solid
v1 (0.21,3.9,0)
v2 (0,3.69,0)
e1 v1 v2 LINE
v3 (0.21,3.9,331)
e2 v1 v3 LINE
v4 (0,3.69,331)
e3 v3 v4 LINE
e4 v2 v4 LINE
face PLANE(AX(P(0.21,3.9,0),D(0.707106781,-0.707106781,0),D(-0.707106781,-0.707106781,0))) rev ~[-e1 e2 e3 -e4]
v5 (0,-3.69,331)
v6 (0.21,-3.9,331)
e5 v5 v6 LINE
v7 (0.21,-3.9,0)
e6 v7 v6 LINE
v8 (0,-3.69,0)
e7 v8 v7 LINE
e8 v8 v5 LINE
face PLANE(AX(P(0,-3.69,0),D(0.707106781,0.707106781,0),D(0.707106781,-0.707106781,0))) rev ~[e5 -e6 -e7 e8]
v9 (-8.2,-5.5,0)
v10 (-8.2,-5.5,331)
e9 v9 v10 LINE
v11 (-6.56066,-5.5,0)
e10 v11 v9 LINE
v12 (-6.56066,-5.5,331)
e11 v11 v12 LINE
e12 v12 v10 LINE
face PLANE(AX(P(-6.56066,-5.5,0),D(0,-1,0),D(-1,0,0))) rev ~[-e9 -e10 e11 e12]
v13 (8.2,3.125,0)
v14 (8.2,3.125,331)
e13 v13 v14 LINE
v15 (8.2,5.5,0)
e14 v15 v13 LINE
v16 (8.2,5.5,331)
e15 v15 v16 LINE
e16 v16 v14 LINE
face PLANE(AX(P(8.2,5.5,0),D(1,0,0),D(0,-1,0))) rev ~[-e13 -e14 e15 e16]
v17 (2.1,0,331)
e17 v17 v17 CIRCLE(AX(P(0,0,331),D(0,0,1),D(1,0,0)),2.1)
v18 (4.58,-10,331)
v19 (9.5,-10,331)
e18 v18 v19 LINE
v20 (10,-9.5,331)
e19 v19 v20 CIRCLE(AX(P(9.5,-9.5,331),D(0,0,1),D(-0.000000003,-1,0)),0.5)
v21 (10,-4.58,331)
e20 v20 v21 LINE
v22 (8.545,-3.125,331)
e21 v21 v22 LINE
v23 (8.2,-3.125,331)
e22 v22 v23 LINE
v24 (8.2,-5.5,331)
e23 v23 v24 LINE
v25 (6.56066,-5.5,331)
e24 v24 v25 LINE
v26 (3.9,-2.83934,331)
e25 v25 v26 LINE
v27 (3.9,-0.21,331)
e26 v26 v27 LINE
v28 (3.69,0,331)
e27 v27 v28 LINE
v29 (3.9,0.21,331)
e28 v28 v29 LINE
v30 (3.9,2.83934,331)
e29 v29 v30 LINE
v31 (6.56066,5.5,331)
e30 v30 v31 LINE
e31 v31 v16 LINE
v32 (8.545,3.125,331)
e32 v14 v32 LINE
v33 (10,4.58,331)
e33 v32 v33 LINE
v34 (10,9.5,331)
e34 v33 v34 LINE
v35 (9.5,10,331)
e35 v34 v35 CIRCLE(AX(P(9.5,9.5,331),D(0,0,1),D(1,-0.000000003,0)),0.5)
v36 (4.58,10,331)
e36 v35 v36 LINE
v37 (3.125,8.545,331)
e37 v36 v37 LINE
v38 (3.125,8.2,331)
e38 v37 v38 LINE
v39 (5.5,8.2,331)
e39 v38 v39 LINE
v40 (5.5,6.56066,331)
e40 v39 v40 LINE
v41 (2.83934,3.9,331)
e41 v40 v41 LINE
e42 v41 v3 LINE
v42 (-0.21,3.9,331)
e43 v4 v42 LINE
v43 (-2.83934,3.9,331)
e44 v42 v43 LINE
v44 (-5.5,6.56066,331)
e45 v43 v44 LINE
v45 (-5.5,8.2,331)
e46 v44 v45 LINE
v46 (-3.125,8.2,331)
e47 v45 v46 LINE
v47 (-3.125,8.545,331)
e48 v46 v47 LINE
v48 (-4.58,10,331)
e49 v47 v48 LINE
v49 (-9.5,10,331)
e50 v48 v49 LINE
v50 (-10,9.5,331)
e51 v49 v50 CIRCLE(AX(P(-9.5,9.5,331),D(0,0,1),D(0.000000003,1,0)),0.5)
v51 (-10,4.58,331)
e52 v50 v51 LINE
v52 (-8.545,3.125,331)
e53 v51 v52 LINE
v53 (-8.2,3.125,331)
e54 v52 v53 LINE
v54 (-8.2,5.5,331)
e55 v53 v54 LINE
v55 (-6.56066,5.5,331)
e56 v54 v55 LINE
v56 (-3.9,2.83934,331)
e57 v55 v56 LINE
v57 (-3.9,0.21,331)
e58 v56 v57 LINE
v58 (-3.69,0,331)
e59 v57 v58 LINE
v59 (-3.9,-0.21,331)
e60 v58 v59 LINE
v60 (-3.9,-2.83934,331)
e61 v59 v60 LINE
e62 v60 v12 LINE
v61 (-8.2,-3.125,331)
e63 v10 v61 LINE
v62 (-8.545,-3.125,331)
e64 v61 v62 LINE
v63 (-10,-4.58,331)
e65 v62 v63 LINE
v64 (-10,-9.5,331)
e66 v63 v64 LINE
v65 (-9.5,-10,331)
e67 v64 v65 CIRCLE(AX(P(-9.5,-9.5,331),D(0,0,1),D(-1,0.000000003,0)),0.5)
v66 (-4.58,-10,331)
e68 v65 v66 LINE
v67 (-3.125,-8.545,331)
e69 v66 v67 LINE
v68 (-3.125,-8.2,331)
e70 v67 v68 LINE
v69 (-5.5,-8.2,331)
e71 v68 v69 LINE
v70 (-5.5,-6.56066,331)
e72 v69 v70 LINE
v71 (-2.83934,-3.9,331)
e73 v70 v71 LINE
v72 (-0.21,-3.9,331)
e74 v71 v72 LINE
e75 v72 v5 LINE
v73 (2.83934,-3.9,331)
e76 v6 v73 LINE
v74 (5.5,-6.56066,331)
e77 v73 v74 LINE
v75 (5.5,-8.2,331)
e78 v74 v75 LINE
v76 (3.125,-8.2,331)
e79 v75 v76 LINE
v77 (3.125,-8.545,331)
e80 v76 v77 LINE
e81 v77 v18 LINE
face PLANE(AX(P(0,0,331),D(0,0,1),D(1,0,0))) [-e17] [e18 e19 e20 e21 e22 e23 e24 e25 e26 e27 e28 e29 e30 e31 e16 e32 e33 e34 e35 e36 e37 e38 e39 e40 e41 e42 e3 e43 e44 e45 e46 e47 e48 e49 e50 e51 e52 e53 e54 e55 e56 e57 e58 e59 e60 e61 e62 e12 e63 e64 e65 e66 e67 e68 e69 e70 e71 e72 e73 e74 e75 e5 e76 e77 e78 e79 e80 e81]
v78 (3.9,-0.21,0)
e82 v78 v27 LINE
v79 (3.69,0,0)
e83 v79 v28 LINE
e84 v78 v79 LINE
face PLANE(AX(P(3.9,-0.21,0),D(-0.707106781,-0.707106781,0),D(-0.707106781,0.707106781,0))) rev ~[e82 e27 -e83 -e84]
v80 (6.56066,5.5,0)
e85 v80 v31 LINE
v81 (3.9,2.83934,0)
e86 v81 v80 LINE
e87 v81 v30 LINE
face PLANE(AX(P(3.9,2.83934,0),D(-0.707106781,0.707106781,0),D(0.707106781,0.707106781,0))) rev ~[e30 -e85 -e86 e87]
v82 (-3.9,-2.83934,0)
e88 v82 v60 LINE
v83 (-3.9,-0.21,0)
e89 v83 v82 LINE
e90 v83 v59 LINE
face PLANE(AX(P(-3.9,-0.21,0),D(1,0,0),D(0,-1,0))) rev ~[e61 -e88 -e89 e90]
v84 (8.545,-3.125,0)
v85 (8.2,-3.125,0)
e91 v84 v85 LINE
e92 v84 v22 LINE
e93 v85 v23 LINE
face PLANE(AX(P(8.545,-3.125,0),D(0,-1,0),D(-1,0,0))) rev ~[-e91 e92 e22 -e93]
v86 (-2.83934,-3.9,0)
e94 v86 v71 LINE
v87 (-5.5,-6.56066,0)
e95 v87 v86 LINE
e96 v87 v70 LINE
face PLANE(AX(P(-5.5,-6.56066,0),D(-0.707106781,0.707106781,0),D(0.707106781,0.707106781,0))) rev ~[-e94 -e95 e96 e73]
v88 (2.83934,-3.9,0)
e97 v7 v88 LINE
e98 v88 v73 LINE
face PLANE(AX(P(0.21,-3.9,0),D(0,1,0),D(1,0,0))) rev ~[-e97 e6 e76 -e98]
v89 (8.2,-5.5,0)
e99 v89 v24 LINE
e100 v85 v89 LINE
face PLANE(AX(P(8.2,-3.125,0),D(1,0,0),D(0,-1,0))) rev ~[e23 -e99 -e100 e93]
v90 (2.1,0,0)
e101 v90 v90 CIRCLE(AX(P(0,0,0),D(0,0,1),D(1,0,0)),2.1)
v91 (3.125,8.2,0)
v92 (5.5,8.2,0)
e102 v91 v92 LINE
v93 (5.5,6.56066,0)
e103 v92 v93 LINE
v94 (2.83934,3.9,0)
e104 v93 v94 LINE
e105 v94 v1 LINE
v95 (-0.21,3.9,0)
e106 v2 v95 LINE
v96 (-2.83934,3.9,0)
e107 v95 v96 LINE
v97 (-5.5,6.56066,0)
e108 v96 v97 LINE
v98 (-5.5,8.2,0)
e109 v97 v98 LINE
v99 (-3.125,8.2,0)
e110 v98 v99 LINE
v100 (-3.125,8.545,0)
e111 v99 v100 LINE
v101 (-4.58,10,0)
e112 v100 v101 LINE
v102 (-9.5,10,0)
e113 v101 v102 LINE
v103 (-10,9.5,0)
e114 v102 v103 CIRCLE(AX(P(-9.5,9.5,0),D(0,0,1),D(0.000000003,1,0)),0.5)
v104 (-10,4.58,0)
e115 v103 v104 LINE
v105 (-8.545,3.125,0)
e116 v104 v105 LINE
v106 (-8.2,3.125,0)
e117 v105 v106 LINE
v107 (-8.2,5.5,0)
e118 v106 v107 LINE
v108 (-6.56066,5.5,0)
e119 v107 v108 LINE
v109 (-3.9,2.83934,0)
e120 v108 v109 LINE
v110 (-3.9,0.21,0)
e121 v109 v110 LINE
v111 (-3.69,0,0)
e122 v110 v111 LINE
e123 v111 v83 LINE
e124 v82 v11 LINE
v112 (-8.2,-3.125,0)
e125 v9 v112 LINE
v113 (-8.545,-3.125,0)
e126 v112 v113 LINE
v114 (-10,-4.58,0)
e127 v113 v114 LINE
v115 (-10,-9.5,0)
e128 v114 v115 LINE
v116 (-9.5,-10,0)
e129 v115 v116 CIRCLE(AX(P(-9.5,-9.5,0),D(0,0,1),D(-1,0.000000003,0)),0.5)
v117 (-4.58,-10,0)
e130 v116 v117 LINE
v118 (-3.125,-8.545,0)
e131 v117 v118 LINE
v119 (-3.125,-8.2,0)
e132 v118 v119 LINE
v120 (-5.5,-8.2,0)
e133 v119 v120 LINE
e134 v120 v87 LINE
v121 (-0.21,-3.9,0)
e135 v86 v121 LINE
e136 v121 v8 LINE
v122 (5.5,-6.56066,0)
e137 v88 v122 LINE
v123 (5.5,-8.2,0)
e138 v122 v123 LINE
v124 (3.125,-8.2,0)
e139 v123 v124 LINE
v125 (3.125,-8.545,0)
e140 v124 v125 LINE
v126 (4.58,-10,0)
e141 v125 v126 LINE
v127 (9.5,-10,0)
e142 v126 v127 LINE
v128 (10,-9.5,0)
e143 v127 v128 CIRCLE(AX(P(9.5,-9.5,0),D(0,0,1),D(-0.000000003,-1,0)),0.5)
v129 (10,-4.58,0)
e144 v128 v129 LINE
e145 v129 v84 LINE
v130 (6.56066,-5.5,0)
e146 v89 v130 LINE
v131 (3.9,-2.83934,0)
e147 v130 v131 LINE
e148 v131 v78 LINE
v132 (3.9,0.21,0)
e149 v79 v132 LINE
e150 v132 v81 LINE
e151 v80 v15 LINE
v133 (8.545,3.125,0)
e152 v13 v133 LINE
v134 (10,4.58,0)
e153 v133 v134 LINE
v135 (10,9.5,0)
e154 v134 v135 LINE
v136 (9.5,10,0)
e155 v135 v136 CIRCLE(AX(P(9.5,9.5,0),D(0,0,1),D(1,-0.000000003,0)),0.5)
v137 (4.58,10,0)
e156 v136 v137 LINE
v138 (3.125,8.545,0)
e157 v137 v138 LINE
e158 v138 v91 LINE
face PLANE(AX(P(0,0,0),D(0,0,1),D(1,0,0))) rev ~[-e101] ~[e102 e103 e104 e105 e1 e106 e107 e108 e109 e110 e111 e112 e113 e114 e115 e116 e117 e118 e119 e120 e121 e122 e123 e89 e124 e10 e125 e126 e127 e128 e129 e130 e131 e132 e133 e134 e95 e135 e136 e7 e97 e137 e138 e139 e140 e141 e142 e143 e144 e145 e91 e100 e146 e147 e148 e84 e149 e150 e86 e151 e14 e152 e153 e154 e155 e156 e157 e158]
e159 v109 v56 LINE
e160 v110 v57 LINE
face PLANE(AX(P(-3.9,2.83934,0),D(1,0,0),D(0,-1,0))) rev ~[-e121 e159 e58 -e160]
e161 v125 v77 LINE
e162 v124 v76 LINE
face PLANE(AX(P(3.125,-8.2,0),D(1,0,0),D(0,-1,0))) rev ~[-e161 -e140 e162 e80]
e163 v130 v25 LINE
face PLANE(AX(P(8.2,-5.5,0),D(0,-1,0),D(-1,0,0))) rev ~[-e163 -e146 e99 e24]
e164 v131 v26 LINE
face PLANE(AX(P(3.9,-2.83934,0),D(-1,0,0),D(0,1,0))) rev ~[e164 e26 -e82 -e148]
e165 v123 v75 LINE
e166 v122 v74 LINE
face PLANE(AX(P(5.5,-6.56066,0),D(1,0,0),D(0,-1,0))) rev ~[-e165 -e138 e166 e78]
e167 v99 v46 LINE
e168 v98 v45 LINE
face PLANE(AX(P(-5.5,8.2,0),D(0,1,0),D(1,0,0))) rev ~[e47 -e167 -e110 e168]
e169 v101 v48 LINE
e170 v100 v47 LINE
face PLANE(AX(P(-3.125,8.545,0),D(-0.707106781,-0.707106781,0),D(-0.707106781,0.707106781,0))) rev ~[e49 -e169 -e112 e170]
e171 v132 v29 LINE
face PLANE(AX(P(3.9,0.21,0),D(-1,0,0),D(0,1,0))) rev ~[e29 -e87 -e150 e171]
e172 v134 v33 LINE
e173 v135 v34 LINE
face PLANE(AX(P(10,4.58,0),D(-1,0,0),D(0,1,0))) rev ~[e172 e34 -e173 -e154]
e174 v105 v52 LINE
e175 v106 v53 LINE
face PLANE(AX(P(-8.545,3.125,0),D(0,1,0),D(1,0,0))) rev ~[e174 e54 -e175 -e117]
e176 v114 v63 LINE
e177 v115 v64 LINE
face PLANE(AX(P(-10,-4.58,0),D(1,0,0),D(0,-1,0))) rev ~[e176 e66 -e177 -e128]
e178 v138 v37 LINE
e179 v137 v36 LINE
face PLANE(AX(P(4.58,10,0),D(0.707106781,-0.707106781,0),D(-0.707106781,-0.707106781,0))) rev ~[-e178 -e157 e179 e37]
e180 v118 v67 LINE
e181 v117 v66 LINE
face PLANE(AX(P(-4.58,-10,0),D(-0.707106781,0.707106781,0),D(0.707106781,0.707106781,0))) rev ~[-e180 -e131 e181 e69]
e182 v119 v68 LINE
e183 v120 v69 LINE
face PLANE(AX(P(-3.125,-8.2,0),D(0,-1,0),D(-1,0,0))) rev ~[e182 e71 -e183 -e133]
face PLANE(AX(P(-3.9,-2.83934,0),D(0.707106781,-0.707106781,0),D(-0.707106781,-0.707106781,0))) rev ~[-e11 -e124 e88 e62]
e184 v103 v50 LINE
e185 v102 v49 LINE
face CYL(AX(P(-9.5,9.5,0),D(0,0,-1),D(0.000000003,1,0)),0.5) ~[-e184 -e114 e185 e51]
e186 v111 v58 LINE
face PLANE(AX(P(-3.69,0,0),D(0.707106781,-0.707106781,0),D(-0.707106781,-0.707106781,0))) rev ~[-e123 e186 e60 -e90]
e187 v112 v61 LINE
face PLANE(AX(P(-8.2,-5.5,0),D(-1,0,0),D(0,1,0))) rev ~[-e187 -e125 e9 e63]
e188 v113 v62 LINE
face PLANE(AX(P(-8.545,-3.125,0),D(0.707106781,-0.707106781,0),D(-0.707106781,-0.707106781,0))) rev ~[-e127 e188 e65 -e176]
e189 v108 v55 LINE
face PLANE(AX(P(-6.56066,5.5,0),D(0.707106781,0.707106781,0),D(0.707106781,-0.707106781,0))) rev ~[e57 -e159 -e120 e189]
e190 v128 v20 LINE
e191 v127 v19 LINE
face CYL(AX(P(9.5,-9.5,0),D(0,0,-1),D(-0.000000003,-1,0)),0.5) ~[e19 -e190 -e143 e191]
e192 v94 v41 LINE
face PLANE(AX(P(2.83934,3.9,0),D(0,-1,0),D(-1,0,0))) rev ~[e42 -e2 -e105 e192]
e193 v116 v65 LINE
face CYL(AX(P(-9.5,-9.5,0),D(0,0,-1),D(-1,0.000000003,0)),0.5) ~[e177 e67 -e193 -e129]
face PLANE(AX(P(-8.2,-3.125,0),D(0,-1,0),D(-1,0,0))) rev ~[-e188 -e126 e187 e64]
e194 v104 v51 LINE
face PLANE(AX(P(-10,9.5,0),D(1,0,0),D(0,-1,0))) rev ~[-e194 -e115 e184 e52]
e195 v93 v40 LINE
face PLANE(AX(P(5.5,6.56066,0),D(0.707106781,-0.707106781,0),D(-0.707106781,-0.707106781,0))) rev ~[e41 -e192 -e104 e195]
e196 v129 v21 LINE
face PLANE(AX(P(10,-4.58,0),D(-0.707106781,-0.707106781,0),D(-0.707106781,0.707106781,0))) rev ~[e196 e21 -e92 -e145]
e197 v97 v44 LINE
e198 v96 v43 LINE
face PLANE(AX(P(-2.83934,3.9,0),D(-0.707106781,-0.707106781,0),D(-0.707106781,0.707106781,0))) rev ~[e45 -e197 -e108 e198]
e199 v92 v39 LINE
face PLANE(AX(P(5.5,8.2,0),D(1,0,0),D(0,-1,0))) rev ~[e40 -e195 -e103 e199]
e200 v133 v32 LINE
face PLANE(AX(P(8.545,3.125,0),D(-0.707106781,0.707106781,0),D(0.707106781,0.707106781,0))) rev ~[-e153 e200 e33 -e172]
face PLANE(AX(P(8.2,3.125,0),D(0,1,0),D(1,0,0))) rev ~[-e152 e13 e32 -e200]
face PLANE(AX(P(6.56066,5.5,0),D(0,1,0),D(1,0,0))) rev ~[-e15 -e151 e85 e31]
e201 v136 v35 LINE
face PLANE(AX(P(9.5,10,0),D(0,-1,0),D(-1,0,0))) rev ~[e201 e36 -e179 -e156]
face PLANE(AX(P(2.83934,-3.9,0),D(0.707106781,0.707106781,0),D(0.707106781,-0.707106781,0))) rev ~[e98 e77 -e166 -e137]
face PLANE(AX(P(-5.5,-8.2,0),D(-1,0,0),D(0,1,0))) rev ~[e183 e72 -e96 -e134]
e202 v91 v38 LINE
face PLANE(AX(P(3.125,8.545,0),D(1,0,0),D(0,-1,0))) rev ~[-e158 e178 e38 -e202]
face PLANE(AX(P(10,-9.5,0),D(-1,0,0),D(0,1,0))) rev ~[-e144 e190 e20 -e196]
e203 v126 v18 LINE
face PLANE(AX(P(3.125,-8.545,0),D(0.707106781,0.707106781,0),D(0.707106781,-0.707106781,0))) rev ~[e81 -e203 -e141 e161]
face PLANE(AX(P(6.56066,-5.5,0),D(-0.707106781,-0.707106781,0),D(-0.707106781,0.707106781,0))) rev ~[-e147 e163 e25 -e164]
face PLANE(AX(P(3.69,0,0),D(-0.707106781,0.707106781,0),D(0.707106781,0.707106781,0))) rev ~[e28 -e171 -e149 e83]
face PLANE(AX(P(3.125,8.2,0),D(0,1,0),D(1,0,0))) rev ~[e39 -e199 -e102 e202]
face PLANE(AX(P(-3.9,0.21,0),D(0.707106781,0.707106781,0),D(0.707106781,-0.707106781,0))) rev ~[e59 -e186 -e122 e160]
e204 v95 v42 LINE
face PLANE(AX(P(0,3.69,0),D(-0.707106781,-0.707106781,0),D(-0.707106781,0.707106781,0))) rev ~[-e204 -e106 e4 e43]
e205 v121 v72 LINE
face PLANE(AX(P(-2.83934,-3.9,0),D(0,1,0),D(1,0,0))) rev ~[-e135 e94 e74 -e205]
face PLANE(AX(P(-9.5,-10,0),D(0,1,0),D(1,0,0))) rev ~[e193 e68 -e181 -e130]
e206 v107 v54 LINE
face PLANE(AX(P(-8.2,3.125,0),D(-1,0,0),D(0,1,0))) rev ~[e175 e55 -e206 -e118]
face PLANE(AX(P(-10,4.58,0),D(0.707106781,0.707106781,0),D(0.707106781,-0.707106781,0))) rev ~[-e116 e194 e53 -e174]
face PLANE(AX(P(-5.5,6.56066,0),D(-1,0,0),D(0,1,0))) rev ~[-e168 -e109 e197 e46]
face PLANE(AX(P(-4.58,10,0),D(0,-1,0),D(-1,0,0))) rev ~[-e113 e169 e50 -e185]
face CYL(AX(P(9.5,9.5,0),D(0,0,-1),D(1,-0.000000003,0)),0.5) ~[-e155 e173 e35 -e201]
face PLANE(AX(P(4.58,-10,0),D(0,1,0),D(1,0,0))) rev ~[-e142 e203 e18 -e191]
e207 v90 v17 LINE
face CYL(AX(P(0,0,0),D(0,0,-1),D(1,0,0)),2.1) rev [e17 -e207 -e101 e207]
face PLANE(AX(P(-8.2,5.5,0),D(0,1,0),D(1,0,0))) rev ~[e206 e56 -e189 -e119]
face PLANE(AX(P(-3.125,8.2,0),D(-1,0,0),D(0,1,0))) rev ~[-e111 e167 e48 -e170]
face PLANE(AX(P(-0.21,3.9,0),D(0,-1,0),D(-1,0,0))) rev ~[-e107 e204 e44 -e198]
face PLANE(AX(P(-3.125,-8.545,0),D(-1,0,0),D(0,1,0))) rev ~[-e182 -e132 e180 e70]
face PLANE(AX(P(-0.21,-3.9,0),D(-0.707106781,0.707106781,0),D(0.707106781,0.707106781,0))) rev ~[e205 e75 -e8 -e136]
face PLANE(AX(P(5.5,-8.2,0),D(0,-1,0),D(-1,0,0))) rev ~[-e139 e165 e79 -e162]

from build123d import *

# Parameters (mm, degrees)
SKETCH1_R           = 2.1
BOSS_EXTRUDE1_DEPTH = 331


with BuildPart() as part:
    # Sketch1 → Boss-Extrude1 (new body)
    with BuildSketch(Plane.XY):
        with BuildLine():
            Line((4.58, -10), (9.5, -10))
            ThreePointArc((9.5, -10), (9.853553391, -9.853553391), (10, -9.5))
            Line((10, -9.5), (10, -4.58))
            Line((10, -4.58), (8.545, -3.125))
            Line((8.545, -3.125), (8.2, -3.125))
            Line((8.2, -3.125), (8.2, -5.5))
            Line((8.2, -5.5), (6.560660172, -5.5))
            Line((6.560660172, -5.5), (3.9, -2.839339828))
            Line((3.9, -2.839339828), (3.9, -0.21))
            Line((3.9, -0.21), (3.69, 0))
            Line((3.69, 0), (3.9, 0.21))
            Line((3.9, 0.21), (3.9, 2.839339828))
            Line((3.9, 2.839339828), (6.560660172, 5.5))
            Line((6.560660172, 5.5), (8.2, 5.5))
            Line((8.2, 5.5), (8.2, 3.125))
            Line((8.2, 3.125), (8.545, 3.125))
            Line((8.545, 3.125), (10, 4.58))
            Line((10, 4.58), (10, 9.5))
            ThreePointArc((10, 9.5), (9.853553391, 9.853553391), (9.5, 10))
            Line((9.5, 10), (4.58, 10))
            Line((4.58, 10), (3.125, 8.545))
            Line((3.125, 8.545), (3.125, 8.2))
            Line((3.125, 8.2), (5.5, 8.2))
            Line((5.5, 8.2), (5.5, 6.560660172))
            Line((5.5, 6.560660172), (2.839339828, 3.9))
            Line((2.839339828, 3.9), (0.21, 3.9))
            Line((0.21, 3.9), (0, 3.69))
            Line((0, 3.69), (-0.21, 3.9))
            Line((-0.21, 3.9), (-2.839339828, 3.9))
            Line((-2.839339828, 3.9), (-5.5, 6.560660172))
            Line((-5.5, 6.560660172), (-5.5, 8.2))
            Line((-5.5, 8.2), (-3.125, 8.2))
            Line((-3.125, 8.2), (-3.125, 8.545))
            Line((-3.125, 8.545), (-4.58, 10))
            Line((-4.58, 10), (-9.5, 10))
            ThreePointArc((-9.5, 10), (-9.853553391, 9.853553391), (-10, 9.5))
            Line((-10, 9.5), (-10, 4.58))
            Line((-10, 4.58), (-8.545, 3.125))
            Line((-8.545, 3.125), (-8.2, 3.125))
            Line((-8.2, 3.125), (-8.2, 5.5))
            Line((-8.2, 5.5), (-6.560660172, 5.5))
            Line((-6.560660172, 5.5), (-3.9, 2.839339828))
            Line((-3.9, 2.839339828), (-3.9, 0.21))
            Line((-3.9, 0.21), (-3.69, 0))
            Line((-3.69, 0), (-3.9, -0.21))
            Line((-3.9, -0.21), (-3.9, -2.839339828))
            Line((-3.9, -2.839339828), (-6.560660172, -5.5))
            Line((-6.560660172, -5.5), (-8.2, -5.5))
            Line((-8.2, -5.5), (-8.2, -3.125))
            Line((-8.2, -3.125), (-8.545, -3.125))
            Line((-8.545, -3.125), (-10, -4.58))
            Line((-10, -4.58), (-10, -9.5))
            ThreePointArc((-10, -9.5), (-9.853553391, -9.853553391), (-9.5, -10))
            Line((-9.5, -10), (-4.58, -10))
            Line((-4.58, -10), (-3.125, -8.545))
            Line((-3.125, -8.545), (-3.125, -8.2))
            Line((-3.125, -8.2), (-5.5, -8.2))
            Line((-5.5, -8.2), (-5.5, -6.560660172))
            Line((-5.5, -6.560660172), (-2.839339828, -3.9))
            Line((-2.839339828, -3.9), (-0.21, -3.9))
            Line((-0.21, -3.9), (0, -3.69))
            Line((0, -3.69), (0.21, -3.9))
            Line((0.21, -3.9), (2.839339828, -3.9))
            Line((2.839339828, -3.9), (5.5, -6.560660172))
            Line((5.5, -6.560660172), (5.5, -8.2))
            Line((5.5, -8.2), (3.125, -8.2))
            Line((3.125, -8.2), (3.125, -8.545))
            Line((3.125, -8.545), (4.58, -10))
        make_face()
        Circle(SKETCH1_R, mode=Mode.SUBTRACT)
    extrude(amount=BOSS_EXTRUDE1_DEPTH)


solid = part.part
